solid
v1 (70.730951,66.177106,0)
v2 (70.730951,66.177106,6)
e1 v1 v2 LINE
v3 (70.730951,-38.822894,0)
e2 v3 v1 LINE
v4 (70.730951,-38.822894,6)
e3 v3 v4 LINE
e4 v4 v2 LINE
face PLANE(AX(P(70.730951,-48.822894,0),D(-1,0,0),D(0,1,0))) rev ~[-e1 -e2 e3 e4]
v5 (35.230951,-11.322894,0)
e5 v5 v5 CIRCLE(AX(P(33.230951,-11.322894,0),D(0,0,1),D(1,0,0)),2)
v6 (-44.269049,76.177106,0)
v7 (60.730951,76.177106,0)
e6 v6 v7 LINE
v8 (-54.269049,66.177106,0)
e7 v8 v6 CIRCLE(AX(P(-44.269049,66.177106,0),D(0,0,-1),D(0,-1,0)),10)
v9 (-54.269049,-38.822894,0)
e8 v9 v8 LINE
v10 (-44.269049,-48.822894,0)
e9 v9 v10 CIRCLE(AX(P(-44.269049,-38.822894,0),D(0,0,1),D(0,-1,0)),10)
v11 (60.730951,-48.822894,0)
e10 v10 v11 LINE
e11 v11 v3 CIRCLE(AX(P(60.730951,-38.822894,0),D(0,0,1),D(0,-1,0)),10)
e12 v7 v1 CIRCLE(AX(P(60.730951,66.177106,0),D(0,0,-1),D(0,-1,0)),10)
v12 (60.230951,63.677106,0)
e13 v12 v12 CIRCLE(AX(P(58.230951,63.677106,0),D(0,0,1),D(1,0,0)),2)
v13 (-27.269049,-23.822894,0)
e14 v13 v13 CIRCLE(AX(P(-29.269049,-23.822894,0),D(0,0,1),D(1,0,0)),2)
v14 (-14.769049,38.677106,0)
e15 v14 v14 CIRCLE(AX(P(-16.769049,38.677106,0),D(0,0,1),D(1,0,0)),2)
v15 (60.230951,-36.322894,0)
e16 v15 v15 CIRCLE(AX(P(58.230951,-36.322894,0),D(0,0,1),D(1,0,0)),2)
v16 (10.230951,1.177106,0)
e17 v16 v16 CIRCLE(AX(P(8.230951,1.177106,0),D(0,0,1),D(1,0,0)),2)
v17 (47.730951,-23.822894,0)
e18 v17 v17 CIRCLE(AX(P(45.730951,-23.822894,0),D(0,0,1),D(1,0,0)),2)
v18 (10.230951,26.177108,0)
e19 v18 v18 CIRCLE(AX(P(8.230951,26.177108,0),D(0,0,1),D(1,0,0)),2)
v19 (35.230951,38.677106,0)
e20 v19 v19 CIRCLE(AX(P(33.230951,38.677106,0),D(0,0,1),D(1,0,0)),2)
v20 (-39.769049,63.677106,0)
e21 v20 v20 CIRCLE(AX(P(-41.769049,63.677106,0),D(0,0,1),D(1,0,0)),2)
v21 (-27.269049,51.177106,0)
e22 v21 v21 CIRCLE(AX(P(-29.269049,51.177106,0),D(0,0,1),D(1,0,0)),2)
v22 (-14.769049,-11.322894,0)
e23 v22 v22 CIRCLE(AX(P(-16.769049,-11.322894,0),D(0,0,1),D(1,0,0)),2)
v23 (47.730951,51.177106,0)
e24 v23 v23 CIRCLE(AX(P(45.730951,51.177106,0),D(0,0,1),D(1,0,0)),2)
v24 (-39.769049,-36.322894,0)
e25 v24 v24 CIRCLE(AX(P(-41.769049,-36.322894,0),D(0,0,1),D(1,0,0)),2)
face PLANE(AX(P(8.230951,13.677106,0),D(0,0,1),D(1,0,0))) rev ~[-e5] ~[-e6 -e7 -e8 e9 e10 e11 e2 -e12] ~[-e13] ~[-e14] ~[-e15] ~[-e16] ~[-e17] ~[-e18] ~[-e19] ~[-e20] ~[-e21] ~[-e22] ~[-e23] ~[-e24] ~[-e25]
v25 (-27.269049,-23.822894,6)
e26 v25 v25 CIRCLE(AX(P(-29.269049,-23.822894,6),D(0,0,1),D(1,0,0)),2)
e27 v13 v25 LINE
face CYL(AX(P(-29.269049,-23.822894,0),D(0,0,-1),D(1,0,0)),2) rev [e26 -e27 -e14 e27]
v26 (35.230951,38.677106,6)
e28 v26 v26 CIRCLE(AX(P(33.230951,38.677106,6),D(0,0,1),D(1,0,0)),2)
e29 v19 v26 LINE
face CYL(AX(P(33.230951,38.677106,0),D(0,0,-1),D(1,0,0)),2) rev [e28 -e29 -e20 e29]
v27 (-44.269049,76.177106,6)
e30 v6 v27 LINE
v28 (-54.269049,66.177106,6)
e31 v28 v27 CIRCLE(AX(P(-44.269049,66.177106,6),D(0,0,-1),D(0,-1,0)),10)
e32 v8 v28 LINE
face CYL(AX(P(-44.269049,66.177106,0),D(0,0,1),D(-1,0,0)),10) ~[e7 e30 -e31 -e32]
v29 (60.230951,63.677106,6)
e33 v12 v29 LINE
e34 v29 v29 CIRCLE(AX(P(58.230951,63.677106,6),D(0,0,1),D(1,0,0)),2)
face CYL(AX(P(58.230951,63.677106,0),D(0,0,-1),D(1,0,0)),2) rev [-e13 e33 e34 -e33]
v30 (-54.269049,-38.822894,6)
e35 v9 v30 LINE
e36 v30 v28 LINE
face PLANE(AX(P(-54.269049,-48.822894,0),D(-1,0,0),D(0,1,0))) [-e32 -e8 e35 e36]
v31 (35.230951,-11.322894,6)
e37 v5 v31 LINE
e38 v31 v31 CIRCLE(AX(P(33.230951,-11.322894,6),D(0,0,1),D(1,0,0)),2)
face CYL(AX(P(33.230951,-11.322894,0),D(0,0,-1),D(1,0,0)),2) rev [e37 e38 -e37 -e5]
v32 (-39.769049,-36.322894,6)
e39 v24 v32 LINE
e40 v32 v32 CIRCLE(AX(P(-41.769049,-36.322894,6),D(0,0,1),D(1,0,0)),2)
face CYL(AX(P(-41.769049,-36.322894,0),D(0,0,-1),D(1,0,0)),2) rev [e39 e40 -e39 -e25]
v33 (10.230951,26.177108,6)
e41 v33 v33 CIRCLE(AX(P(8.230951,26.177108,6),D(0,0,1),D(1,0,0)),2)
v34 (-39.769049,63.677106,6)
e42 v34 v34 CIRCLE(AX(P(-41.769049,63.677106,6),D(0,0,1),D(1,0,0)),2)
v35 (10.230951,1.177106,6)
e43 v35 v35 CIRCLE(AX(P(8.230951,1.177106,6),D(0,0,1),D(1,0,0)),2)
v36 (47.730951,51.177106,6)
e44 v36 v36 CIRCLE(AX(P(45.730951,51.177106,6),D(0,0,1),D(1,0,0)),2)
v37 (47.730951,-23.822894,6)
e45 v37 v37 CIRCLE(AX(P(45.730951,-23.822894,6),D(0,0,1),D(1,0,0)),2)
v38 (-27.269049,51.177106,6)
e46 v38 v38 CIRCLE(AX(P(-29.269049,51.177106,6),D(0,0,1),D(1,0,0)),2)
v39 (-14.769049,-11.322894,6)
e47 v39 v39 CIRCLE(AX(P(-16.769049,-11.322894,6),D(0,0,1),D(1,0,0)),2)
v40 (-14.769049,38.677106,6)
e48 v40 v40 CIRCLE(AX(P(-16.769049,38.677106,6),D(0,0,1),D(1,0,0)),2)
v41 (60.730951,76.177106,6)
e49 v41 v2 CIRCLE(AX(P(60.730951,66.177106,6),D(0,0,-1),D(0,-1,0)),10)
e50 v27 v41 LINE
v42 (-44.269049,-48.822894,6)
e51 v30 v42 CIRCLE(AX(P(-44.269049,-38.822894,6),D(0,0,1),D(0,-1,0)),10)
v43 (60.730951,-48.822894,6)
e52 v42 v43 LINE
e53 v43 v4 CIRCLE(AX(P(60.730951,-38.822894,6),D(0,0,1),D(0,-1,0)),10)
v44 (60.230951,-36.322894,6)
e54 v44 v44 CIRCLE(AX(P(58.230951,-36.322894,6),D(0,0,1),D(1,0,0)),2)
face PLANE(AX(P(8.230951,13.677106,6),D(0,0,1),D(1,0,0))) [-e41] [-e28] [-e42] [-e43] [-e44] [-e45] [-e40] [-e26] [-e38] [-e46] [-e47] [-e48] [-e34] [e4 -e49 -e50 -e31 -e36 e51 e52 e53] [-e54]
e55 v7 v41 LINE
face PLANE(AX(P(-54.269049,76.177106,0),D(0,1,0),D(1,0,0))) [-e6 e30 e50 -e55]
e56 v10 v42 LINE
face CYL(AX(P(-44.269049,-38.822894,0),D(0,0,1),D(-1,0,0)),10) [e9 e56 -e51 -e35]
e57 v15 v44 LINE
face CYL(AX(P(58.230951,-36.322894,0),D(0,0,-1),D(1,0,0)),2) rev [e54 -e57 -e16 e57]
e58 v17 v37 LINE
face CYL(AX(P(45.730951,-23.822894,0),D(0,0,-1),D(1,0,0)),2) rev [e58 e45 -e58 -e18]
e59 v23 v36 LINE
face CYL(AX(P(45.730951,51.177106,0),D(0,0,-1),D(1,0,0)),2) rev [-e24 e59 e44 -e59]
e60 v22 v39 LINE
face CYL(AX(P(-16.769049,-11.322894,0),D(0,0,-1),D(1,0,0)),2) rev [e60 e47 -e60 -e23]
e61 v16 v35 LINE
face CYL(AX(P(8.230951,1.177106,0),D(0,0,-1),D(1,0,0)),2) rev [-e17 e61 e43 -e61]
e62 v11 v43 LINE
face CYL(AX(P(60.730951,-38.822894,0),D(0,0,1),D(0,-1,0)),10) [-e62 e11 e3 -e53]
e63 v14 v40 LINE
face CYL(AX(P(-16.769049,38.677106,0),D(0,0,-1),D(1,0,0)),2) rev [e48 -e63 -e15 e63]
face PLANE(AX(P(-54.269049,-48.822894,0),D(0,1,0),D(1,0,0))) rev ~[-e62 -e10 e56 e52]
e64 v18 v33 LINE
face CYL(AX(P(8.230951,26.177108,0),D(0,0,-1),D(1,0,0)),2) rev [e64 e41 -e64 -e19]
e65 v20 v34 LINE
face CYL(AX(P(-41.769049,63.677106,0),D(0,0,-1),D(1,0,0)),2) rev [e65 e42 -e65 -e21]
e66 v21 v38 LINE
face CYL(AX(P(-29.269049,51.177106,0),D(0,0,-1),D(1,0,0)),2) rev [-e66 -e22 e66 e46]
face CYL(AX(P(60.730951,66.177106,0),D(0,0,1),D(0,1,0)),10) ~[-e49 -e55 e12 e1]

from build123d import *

# Parameters (mm, degrees)
F0_W     = 125
F0_H     = 125
F0_R     = 2
F1_DEPTH = 6
F2_R     = 10


with BuildPart() as f1:
    # F0 (on Top) → F1 (new body)
    with BuildSketch(Plane.XY):
        with Locations((8.230951, 13.677106)):
            Rectangle(F0_W, F0_H)
        with Locations((-41.769049, -36.322894)):
            Circle(F0_R, mode=Mode.SUBTRACT)
        with Locations((-29.269049, -23.822894)):
            Circle(F0_R, mode=Mode.SUBTRACT)
        with Locations((-16.769049, -11.322894)):
            Circle(F0_R, mode=Mode.SUBTRACT)
        with Locations((58.230951, -36.322894)):
            Circle(F0_R, mode=Mode.SUBTRACT)
        with Locations((45.730951, -23.822894)):
            Circle(F0_R, mode=Mode.SUBTRACT)
        with Locations((33.230951, -11.322894)):
            Circle(F0_R, mode=Mode.SUBTRACT)
        with Locations((8.230951, 1.177106)):
            Circle(F0_R, mode=Mode.SUBTRACT)
        with Locations((-16.769049, 38.677106)):
            Circle(F0_R, mode=Mode.SUBTRACT)
        with Locations((-29.269049, 51.177106)):
            Circle(F0_R, mode=Mode.SUBTRACT)
        with Locations((-41.769049, 63.677106)):
            Circle(F0_R, mode=Mode.SUBTRACT)
        with Locations((8.230951, 26.177108)):
            Circle(F0_R, mode=Mode.SUBTRACT)
        with Locations((33.230951, 38.677106)):
            Circle(F0_R, mode=Mode.SUBTRACT)
        with Locations((45.730951, 51.177106)):
            Circle(F0_R, mode=Mode.SUBTRACT)
        with Locations((58.230951, 63.677106)):
            Circle(F0_R, mode=Mode.SUBTRACT)
    extrude(amount=F1_DEPTH)

    # F2
    f2_edges = [f1.edges().sort_by_distance(p)[0] for p in [
        (-54.269049, 76.177106, 3),
        (-54.269049, -48.822894, 3),
        (70.730951, -48.822894, 3),
        (70.730951, 76.177106, 3),
    ]]
    fillet(f2_edges, radius=F2_R)


solid = f1.part
